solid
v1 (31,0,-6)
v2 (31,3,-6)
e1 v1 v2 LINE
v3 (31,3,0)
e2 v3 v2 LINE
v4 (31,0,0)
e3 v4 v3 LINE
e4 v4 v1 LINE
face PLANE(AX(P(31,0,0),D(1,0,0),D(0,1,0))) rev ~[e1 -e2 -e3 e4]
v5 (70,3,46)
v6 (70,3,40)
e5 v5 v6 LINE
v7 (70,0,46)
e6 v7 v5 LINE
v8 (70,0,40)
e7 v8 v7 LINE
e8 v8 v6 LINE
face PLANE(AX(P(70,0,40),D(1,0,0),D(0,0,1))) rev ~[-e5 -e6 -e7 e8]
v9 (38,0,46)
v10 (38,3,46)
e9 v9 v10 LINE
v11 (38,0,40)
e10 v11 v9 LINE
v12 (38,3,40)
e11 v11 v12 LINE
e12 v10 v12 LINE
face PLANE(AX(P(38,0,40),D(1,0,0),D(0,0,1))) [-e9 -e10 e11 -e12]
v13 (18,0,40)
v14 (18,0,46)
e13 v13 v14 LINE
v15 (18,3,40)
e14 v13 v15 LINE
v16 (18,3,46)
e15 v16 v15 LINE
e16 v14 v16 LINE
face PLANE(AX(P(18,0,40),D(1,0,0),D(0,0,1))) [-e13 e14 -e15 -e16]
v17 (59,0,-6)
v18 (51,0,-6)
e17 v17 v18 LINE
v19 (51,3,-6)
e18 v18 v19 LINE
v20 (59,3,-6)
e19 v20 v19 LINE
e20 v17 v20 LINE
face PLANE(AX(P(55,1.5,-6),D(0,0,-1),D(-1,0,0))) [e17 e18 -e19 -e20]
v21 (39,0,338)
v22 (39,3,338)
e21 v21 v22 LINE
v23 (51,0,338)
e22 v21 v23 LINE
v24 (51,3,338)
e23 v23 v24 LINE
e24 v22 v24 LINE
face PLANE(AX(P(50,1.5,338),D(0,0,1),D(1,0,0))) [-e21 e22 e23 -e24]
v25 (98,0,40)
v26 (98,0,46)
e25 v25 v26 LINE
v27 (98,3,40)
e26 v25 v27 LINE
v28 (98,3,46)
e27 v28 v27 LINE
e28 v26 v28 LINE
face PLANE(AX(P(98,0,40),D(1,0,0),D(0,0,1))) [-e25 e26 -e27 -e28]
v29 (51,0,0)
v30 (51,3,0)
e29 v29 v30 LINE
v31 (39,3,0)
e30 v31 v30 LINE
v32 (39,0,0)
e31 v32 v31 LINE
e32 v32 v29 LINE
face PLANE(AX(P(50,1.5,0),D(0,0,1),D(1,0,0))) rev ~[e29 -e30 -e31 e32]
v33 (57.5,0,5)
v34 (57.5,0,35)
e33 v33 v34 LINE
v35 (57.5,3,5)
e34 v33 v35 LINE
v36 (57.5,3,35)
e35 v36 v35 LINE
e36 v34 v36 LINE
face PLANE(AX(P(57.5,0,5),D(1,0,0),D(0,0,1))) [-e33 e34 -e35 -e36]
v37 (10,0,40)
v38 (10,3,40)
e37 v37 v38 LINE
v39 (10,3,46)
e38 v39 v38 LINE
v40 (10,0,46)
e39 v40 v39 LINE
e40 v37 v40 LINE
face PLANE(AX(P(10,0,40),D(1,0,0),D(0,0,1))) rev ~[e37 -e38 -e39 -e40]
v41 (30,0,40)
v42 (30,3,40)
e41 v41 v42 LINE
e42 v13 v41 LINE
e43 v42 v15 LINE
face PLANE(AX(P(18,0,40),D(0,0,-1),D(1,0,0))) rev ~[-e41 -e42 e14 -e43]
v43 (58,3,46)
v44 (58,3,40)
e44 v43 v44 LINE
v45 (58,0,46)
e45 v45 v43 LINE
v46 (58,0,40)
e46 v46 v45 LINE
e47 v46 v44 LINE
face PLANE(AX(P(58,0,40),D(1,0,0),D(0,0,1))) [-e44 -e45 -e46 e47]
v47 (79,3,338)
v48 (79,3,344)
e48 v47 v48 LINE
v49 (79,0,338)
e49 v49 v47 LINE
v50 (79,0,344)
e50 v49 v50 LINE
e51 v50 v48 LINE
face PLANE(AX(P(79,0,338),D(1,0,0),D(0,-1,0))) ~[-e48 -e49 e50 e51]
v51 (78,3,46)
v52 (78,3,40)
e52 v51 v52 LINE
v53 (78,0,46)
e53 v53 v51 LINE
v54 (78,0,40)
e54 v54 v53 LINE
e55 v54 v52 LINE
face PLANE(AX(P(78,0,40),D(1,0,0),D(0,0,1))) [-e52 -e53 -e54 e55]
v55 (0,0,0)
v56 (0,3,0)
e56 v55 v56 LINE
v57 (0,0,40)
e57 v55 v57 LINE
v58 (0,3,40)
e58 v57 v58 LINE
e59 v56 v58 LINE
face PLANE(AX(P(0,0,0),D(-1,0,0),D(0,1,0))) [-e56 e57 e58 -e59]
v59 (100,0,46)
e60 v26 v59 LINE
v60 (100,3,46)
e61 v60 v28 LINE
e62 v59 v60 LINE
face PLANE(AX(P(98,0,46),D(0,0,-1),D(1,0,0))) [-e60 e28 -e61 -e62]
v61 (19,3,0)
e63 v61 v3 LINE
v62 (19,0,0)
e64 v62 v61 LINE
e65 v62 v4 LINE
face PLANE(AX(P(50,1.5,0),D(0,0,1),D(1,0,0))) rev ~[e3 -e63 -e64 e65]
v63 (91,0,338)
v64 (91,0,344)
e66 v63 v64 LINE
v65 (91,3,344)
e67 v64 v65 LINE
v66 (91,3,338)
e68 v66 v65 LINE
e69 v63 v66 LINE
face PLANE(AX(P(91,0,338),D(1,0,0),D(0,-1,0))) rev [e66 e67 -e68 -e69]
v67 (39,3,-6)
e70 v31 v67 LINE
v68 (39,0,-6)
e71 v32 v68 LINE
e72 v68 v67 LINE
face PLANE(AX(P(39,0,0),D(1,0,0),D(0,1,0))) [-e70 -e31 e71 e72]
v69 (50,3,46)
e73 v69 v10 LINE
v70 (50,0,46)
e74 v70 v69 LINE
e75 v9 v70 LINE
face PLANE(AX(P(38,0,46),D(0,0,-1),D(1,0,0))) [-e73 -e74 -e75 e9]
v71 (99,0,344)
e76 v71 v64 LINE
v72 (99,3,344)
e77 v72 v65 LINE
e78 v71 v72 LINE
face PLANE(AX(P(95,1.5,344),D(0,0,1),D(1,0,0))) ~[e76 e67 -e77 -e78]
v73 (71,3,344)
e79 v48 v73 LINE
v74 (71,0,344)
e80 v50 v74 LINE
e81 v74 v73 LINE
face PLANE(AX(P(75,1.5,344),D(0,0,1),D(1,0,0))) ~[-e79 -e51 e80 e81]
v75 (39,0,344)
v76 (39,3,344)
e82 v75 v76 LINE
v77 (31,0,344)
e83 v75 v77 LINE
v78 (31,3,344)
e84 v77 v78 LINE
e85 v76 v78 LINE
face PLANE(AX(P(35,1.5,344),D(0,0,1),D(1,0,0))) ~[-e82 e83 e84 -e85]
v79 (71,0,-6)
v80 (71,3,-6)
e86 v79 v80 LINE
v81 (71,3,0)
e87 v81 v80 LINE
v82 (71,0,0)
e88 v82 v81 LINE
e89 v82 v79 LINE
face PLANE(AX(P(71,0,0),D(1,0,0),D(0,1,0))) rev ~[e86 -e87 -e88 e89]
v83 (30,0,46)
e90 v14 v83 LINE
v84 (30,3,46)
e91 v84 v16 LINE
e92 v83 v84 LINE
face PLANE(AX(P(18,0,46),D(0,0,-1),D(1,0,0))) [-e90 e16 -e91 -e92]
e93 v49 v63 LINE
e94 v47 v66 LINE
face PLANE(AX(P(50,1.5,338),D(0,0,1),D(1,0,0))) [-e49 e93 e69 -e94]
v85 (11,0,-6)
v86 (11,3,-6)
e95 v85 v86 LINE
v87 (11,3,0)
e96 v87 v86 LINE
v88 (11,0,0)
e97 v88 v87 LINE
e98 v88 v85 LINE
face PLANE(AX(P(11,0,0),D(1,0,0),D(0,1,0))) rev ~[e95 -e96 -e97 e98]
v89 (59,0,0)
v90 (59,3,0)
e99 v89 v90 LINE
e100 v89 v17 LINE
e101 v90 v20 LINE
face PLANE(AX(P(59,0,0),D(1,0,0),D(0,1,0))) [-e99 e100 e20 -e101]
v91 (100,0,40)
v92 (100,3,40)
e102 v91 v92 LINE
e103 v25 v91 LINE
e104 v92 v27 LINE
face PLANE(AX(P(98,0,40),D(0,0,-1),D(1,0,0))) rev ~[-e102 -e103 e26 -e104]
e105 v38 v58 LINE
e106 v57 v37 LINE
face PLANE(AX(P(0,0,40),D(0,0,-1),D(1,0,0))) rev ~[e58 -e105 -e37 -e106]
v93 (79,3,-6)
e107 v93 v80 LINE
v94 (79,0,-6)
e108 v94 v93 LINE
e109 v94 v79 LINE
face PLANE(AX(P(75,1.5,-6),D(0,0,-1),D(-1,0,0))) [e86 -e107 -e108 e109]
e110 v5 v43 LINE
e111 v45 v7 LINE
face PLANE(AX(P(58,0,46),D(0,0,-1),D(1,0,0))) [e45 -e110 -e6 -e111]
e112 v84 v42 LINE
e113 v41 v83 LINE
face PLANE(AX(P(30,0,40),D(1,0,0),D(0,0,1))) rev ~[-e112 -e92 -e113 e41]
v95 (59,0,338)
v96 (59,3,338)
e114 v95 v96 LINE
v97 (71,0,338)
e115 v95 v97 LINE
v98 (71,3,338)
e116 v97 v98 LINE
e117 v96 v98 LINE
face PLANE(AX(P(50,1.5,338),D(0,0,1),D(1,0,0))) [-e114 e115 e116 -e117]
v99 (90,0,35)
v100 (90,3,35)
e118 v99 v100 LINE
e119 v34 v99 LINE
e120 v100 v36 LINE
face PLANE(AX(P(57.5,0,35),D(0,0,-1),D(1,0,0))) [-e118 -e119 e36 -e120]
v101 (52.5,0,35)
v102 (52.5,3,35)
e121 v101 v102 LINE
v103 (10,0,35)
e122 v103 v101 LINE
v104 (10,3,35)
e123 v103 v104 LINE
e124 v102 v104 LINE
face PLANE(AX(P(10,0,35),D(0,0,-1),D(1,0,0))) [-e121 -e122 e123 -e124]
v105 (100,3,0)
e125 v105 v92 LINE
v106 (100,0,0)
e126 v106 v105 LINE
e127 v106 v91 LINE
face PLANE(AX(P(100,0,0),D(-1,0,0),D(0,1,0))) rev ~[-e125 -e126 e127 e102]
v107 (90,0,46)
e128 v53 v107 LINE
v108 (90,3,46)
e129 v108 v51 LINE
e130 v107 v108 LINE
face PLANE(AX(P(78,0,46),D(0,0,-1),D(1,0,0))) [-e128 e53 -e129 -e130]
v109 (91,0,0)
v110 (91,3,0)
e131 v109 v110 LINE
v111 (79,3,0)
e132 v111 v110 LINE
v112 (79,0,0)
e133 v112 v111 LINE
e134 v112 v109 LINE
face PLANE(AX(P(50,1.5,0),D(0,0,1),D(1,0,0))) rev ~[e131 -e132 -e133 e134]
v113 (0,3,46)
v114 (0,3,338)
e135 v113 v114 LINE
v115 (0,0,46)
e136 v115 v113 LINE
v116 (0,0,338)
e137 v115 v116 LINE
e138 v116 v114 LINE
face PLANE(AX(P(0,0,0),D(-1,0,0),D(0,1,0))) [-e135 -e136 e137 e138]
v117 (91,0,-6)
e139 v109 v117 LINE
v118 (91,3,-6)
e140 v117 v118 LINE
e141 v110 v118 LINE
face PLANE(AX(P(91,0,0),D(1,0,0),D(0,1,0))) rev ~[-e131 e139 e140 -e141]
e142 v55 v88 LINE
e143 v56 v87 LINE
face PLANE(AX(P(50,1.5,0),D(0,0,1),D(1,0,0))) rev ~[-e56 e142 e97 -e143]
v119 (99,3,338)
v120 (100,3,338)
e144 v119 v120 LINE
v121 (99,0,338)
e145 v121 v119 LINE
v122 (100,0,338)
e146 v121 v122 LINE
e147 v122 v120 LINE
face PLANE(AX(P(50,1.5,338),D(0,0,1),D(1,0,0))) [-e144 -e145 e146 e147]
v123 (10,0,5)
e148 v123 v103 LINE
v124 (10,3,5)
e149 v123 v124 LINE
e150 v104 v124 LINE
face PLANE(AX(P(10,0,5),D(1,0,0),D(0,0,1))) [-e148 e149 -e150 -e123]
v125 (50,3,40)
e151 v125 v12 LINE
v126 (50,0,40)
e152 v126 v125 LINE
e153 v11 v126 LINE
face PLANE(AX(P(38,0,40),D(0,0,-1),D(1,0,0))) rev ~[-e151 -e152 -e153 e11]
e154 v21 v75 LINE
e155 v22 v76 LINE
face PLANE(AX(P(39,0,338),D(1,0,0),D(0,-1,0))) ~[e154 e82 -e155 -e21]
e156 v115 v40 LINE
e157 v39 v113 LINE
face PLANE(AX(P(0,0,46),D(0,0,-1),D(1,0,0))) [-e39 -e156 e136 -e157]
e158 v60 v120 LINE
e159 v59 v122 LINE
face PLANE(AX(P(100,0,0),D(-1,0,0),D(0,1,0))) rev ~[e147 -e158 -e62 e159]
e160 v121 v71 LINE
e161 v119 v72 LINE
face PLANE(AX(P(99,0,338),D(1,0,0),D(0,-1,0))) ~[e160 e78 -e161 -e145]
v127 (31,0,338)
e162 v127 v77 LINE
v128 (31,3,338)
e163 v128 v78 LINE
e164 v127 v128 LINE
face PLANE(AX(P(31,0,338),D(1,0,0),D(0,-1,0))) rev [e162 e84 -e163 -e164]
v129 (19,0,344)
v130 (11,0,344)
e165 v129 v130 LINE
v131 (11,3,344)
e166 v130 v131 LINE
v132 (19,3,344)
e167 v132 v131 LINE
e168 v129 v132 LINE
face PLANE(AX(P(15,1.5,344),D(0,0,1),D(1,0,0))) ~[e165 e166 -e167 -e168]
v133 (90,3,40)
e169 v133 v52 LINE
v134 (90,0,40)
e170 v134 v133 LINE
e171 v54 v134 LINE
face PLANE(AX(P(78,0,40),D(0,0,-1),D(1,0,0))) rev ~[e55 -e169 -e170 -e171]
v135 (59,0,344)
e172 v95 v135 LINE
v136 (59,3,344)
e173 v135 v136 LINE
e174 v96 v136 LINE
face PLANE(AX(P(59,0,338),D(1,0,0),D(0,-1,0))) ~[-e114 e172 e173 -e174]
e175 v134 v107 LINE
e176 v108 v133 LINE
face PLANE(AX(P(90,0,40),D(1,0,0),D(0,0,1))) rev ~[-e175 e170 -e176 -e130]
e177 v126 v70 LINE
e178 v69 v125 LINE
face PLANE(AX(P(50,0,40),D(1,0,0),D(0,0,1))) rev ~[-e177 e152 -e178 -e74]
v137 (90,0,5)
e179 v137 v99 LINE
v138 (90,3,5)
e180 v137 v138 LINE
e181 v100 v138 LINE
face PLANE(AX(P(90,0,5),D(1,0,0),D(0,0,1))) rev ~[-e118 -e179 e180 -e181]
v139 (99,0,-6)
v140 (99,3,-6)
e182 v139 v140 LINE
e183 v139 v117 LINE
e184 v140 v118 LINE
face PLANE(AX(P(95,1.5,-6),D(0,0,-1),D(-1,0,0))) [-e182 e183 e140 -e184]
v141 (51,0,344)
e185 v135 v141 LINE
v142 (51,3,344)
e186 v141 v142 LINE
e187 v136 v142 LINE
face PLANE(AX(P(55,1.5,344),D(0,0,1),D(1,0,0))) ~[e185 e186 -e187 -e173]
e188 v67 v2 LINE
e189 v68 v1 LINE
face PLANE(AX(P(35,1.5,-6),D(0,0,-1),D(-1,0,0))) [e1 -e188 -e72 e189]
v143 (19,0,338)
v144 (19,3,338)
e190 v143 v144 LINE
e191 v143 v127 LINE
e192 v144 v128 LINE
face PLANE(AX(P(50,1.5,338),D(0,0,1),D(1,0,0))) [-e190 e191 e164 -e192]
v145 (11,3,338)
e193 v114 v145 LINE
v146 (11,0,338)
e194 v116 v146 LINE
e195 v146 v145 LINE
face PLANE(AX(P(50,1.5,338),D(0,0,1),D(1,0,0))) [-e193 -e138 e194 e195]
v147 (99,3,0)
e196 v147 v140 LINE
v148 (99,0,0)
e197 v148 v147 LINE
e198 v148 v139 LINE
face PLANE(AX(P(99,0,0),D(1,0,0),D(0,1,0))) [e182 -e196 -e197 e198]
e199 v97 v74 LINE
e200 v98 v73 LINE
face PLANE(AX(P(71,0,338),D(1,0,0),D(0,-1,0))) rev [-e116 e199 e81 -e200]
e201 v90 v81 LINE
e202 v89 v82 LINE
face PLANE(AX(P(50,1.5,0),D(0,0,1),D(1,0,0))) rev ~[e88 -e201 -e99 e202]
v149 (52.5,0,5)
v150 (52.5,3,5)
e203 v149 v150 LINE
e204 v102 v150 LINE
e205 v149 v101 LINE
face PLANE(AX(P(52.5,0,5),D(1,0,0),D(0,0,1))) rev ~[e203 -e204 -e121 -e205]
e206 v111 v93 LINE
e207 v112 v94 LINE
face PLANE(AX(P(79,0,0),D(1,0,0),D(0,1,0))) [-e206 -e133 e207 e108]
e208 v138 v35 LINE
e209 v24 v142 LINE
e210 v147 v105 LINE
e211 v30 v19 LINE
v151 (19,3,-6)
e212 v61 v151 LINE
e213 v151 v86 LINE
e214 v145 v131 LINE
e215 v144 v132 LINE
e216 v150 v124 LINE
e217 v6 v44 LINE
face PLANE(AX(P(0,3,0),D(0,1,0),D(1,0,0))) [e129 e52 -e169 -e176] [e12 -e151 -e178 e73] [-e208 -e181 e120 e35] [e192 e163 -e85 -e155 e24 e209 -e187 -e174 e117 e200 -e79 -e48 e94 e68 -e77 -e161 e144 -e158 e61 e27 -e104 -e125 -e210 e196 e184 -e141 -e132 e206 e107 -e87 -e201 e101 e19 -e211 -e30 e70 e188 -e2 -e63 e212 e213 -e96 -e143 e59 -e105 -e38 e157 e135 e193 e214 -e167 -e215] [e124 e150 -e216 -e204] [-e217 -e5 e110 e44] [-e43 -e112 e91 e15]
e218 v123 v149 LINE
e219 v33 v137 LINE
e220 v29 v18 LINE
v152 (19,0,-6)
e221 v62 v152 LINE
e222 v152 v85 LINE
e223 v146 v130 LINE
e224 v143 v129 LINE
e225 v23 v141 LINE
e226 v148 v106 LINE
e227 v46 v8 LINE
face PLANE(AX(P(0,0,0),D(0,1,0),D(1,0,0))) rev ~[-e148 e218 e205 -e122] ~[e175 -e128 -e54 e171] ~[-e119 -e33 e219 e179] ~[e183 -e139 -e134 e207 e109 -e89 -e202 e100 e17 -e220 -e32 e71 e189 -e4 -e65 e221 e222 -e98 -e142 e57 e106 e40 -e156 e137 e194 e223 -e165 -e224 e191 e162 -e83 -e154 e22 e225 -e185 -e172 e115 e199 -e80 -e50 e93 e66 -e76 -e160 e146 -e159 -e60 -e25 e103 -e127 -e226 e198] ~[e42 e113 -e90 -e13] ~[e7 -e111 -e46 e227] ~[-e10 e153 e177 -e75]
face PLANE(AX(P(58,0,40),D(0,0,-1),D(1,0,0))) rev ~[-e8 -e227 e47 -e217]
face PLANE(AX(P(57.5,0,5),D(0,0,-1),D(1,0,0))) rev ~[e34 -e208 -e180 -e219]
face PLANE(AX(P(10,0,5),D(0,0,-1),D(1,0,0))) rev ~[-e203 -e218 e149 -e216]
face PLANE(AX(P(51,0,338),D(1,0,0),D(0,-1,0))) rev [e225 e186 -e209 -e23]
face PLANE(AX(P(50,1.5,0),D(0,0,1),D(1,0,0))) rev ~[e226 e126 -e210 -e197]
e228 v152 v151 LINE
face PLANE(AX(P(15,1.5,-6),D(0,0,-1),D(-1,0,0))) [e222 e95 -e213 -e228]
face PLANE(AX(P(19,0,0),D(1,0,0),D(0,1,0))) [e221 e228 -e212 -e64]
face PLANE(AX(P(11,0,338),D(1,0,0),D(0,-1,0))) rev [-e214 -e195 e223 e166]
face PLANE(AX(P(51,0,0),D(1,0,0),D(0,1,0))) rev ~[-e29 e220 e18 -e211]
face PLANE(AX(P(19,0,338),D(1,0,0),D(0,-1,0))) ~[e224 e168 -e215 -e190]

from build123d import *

# Parameters (mm, degrees)
ESQUISSE1_W             = 100
ESQUISSE1_H             = 3
BOSS_EXTRU_1_DEPTH      = 338
ESQUISSE2_W             = 12
ESQUISSE2_H             = 6
ESQUISSE2_W_2           = 2
ESQUISSE2_W_3           = 10
ENL_V_MAT_EXTRU_1_DEPTH = 6
ESQUISSE3_W             = 8
ESQUISSE3_H             = 3
BOSS_EXTRU_2_DEPTH      = 6
ESQUISSE4_W             = 42.5
ESQUISSE4_H             = 30
ESQUISSE4_W_2           = 32.5
ENL_V_MAT_EXTRU_2_DEPTH = 10


with BuildPart() as part:
    # Esquisse1 → Boss.-Extru.1 (new body)
    with BuildSketch(Plane.XY):
        with Locations((50, 1.5)):
            Rectangle(ESQUISSE1_W, ESQUISSE1_H)
    extrude(amount=BOSS_EXTRU_1_DEPTH)

    # Esquisse2 → Enlèv. mat.-Extru.1 (cut)
    with BuildSketch(Plane.XZ):
        with Locations((44, 43)):
            Rectangle(ESQUISSE2_W, ESQUISSE2_H)
        with Locations((24, 43)):
            Rectangle(ESQUISSE2_W, ESQUISSE2_H)
        with Locations((64, 43)):
            Rectangle(ESQUISSE2_W, ESQUISSE2_H)
        with Locations((84, 43)):
            Rectangle(ESQUISSE2_W, ESQUISSE2_H)
        with Locations((99, 43)):
            Rectangle(ESQUISSE2_W_2, ESQUISSE2_H)
        with Locations((5, 43)):
            Rectangle(ESQUISSE2_W_3, ESQUISSE2_H)
    extrude(amount=-ENL_V_MAT_EXTRU_1_DEPTH, mode=Mode.SUBTRACT)

    # Esquisse3 → Boss.-Extru.2 (add)
    with BuildSketch(Plane(origin=(0, 0, 0), x_dir=(-1, 0, 0), z_dir=(0, 0, -1))):
        with Locations((-15, 1.5)):
            Rectangle(ESQUISSE3_W, ESQUISSE3_H)
        with Locations((-35, 1.5)):
            Rectangle(ESQUISSE3_W, ESQUISSE3_H)
        with Locations((-55, 1.5)):
            Rectangle(ESQUISSE3_W, ESQUISSE3_H)
        with Locations((-75, 1.5)):
            Rectangle(ESQUISSE3_W, ESQUISSE3_H)
        with Locations((-95, 1.5)):
            Rectangle(ESQUISSE3_W, ESQUISSE3_H)
    boss_extru_2 = extrude(amount=BOSS_EXTRU_2_DEPTH)

    # Symétrie1: Boss.-Extru.2 across plane
    add(boss_extru_2.mirror(Plane(origin=(0, 0, 169), x_dir=(1, 0, 0), z_dir=(0, 0, -1))))

    # Esquisse4 → Enlèv. mat.-Extru.2 (cut)
    with BuildSketch(Plane.XZ):
        with Locations((31.25, 20)):
            Rectangle(ESQUISSE4_W, ESQUISSE4_H)
        with Locations((73.75, 20)):
            Rectangle(ESQUISSE4_W_2, ESQUISSE4_H)
    extrude(amount=-ENL_V_MAT_EXTRU_2_DEPTH, mode=Mode.SUBTRACT)


solid = part.part
